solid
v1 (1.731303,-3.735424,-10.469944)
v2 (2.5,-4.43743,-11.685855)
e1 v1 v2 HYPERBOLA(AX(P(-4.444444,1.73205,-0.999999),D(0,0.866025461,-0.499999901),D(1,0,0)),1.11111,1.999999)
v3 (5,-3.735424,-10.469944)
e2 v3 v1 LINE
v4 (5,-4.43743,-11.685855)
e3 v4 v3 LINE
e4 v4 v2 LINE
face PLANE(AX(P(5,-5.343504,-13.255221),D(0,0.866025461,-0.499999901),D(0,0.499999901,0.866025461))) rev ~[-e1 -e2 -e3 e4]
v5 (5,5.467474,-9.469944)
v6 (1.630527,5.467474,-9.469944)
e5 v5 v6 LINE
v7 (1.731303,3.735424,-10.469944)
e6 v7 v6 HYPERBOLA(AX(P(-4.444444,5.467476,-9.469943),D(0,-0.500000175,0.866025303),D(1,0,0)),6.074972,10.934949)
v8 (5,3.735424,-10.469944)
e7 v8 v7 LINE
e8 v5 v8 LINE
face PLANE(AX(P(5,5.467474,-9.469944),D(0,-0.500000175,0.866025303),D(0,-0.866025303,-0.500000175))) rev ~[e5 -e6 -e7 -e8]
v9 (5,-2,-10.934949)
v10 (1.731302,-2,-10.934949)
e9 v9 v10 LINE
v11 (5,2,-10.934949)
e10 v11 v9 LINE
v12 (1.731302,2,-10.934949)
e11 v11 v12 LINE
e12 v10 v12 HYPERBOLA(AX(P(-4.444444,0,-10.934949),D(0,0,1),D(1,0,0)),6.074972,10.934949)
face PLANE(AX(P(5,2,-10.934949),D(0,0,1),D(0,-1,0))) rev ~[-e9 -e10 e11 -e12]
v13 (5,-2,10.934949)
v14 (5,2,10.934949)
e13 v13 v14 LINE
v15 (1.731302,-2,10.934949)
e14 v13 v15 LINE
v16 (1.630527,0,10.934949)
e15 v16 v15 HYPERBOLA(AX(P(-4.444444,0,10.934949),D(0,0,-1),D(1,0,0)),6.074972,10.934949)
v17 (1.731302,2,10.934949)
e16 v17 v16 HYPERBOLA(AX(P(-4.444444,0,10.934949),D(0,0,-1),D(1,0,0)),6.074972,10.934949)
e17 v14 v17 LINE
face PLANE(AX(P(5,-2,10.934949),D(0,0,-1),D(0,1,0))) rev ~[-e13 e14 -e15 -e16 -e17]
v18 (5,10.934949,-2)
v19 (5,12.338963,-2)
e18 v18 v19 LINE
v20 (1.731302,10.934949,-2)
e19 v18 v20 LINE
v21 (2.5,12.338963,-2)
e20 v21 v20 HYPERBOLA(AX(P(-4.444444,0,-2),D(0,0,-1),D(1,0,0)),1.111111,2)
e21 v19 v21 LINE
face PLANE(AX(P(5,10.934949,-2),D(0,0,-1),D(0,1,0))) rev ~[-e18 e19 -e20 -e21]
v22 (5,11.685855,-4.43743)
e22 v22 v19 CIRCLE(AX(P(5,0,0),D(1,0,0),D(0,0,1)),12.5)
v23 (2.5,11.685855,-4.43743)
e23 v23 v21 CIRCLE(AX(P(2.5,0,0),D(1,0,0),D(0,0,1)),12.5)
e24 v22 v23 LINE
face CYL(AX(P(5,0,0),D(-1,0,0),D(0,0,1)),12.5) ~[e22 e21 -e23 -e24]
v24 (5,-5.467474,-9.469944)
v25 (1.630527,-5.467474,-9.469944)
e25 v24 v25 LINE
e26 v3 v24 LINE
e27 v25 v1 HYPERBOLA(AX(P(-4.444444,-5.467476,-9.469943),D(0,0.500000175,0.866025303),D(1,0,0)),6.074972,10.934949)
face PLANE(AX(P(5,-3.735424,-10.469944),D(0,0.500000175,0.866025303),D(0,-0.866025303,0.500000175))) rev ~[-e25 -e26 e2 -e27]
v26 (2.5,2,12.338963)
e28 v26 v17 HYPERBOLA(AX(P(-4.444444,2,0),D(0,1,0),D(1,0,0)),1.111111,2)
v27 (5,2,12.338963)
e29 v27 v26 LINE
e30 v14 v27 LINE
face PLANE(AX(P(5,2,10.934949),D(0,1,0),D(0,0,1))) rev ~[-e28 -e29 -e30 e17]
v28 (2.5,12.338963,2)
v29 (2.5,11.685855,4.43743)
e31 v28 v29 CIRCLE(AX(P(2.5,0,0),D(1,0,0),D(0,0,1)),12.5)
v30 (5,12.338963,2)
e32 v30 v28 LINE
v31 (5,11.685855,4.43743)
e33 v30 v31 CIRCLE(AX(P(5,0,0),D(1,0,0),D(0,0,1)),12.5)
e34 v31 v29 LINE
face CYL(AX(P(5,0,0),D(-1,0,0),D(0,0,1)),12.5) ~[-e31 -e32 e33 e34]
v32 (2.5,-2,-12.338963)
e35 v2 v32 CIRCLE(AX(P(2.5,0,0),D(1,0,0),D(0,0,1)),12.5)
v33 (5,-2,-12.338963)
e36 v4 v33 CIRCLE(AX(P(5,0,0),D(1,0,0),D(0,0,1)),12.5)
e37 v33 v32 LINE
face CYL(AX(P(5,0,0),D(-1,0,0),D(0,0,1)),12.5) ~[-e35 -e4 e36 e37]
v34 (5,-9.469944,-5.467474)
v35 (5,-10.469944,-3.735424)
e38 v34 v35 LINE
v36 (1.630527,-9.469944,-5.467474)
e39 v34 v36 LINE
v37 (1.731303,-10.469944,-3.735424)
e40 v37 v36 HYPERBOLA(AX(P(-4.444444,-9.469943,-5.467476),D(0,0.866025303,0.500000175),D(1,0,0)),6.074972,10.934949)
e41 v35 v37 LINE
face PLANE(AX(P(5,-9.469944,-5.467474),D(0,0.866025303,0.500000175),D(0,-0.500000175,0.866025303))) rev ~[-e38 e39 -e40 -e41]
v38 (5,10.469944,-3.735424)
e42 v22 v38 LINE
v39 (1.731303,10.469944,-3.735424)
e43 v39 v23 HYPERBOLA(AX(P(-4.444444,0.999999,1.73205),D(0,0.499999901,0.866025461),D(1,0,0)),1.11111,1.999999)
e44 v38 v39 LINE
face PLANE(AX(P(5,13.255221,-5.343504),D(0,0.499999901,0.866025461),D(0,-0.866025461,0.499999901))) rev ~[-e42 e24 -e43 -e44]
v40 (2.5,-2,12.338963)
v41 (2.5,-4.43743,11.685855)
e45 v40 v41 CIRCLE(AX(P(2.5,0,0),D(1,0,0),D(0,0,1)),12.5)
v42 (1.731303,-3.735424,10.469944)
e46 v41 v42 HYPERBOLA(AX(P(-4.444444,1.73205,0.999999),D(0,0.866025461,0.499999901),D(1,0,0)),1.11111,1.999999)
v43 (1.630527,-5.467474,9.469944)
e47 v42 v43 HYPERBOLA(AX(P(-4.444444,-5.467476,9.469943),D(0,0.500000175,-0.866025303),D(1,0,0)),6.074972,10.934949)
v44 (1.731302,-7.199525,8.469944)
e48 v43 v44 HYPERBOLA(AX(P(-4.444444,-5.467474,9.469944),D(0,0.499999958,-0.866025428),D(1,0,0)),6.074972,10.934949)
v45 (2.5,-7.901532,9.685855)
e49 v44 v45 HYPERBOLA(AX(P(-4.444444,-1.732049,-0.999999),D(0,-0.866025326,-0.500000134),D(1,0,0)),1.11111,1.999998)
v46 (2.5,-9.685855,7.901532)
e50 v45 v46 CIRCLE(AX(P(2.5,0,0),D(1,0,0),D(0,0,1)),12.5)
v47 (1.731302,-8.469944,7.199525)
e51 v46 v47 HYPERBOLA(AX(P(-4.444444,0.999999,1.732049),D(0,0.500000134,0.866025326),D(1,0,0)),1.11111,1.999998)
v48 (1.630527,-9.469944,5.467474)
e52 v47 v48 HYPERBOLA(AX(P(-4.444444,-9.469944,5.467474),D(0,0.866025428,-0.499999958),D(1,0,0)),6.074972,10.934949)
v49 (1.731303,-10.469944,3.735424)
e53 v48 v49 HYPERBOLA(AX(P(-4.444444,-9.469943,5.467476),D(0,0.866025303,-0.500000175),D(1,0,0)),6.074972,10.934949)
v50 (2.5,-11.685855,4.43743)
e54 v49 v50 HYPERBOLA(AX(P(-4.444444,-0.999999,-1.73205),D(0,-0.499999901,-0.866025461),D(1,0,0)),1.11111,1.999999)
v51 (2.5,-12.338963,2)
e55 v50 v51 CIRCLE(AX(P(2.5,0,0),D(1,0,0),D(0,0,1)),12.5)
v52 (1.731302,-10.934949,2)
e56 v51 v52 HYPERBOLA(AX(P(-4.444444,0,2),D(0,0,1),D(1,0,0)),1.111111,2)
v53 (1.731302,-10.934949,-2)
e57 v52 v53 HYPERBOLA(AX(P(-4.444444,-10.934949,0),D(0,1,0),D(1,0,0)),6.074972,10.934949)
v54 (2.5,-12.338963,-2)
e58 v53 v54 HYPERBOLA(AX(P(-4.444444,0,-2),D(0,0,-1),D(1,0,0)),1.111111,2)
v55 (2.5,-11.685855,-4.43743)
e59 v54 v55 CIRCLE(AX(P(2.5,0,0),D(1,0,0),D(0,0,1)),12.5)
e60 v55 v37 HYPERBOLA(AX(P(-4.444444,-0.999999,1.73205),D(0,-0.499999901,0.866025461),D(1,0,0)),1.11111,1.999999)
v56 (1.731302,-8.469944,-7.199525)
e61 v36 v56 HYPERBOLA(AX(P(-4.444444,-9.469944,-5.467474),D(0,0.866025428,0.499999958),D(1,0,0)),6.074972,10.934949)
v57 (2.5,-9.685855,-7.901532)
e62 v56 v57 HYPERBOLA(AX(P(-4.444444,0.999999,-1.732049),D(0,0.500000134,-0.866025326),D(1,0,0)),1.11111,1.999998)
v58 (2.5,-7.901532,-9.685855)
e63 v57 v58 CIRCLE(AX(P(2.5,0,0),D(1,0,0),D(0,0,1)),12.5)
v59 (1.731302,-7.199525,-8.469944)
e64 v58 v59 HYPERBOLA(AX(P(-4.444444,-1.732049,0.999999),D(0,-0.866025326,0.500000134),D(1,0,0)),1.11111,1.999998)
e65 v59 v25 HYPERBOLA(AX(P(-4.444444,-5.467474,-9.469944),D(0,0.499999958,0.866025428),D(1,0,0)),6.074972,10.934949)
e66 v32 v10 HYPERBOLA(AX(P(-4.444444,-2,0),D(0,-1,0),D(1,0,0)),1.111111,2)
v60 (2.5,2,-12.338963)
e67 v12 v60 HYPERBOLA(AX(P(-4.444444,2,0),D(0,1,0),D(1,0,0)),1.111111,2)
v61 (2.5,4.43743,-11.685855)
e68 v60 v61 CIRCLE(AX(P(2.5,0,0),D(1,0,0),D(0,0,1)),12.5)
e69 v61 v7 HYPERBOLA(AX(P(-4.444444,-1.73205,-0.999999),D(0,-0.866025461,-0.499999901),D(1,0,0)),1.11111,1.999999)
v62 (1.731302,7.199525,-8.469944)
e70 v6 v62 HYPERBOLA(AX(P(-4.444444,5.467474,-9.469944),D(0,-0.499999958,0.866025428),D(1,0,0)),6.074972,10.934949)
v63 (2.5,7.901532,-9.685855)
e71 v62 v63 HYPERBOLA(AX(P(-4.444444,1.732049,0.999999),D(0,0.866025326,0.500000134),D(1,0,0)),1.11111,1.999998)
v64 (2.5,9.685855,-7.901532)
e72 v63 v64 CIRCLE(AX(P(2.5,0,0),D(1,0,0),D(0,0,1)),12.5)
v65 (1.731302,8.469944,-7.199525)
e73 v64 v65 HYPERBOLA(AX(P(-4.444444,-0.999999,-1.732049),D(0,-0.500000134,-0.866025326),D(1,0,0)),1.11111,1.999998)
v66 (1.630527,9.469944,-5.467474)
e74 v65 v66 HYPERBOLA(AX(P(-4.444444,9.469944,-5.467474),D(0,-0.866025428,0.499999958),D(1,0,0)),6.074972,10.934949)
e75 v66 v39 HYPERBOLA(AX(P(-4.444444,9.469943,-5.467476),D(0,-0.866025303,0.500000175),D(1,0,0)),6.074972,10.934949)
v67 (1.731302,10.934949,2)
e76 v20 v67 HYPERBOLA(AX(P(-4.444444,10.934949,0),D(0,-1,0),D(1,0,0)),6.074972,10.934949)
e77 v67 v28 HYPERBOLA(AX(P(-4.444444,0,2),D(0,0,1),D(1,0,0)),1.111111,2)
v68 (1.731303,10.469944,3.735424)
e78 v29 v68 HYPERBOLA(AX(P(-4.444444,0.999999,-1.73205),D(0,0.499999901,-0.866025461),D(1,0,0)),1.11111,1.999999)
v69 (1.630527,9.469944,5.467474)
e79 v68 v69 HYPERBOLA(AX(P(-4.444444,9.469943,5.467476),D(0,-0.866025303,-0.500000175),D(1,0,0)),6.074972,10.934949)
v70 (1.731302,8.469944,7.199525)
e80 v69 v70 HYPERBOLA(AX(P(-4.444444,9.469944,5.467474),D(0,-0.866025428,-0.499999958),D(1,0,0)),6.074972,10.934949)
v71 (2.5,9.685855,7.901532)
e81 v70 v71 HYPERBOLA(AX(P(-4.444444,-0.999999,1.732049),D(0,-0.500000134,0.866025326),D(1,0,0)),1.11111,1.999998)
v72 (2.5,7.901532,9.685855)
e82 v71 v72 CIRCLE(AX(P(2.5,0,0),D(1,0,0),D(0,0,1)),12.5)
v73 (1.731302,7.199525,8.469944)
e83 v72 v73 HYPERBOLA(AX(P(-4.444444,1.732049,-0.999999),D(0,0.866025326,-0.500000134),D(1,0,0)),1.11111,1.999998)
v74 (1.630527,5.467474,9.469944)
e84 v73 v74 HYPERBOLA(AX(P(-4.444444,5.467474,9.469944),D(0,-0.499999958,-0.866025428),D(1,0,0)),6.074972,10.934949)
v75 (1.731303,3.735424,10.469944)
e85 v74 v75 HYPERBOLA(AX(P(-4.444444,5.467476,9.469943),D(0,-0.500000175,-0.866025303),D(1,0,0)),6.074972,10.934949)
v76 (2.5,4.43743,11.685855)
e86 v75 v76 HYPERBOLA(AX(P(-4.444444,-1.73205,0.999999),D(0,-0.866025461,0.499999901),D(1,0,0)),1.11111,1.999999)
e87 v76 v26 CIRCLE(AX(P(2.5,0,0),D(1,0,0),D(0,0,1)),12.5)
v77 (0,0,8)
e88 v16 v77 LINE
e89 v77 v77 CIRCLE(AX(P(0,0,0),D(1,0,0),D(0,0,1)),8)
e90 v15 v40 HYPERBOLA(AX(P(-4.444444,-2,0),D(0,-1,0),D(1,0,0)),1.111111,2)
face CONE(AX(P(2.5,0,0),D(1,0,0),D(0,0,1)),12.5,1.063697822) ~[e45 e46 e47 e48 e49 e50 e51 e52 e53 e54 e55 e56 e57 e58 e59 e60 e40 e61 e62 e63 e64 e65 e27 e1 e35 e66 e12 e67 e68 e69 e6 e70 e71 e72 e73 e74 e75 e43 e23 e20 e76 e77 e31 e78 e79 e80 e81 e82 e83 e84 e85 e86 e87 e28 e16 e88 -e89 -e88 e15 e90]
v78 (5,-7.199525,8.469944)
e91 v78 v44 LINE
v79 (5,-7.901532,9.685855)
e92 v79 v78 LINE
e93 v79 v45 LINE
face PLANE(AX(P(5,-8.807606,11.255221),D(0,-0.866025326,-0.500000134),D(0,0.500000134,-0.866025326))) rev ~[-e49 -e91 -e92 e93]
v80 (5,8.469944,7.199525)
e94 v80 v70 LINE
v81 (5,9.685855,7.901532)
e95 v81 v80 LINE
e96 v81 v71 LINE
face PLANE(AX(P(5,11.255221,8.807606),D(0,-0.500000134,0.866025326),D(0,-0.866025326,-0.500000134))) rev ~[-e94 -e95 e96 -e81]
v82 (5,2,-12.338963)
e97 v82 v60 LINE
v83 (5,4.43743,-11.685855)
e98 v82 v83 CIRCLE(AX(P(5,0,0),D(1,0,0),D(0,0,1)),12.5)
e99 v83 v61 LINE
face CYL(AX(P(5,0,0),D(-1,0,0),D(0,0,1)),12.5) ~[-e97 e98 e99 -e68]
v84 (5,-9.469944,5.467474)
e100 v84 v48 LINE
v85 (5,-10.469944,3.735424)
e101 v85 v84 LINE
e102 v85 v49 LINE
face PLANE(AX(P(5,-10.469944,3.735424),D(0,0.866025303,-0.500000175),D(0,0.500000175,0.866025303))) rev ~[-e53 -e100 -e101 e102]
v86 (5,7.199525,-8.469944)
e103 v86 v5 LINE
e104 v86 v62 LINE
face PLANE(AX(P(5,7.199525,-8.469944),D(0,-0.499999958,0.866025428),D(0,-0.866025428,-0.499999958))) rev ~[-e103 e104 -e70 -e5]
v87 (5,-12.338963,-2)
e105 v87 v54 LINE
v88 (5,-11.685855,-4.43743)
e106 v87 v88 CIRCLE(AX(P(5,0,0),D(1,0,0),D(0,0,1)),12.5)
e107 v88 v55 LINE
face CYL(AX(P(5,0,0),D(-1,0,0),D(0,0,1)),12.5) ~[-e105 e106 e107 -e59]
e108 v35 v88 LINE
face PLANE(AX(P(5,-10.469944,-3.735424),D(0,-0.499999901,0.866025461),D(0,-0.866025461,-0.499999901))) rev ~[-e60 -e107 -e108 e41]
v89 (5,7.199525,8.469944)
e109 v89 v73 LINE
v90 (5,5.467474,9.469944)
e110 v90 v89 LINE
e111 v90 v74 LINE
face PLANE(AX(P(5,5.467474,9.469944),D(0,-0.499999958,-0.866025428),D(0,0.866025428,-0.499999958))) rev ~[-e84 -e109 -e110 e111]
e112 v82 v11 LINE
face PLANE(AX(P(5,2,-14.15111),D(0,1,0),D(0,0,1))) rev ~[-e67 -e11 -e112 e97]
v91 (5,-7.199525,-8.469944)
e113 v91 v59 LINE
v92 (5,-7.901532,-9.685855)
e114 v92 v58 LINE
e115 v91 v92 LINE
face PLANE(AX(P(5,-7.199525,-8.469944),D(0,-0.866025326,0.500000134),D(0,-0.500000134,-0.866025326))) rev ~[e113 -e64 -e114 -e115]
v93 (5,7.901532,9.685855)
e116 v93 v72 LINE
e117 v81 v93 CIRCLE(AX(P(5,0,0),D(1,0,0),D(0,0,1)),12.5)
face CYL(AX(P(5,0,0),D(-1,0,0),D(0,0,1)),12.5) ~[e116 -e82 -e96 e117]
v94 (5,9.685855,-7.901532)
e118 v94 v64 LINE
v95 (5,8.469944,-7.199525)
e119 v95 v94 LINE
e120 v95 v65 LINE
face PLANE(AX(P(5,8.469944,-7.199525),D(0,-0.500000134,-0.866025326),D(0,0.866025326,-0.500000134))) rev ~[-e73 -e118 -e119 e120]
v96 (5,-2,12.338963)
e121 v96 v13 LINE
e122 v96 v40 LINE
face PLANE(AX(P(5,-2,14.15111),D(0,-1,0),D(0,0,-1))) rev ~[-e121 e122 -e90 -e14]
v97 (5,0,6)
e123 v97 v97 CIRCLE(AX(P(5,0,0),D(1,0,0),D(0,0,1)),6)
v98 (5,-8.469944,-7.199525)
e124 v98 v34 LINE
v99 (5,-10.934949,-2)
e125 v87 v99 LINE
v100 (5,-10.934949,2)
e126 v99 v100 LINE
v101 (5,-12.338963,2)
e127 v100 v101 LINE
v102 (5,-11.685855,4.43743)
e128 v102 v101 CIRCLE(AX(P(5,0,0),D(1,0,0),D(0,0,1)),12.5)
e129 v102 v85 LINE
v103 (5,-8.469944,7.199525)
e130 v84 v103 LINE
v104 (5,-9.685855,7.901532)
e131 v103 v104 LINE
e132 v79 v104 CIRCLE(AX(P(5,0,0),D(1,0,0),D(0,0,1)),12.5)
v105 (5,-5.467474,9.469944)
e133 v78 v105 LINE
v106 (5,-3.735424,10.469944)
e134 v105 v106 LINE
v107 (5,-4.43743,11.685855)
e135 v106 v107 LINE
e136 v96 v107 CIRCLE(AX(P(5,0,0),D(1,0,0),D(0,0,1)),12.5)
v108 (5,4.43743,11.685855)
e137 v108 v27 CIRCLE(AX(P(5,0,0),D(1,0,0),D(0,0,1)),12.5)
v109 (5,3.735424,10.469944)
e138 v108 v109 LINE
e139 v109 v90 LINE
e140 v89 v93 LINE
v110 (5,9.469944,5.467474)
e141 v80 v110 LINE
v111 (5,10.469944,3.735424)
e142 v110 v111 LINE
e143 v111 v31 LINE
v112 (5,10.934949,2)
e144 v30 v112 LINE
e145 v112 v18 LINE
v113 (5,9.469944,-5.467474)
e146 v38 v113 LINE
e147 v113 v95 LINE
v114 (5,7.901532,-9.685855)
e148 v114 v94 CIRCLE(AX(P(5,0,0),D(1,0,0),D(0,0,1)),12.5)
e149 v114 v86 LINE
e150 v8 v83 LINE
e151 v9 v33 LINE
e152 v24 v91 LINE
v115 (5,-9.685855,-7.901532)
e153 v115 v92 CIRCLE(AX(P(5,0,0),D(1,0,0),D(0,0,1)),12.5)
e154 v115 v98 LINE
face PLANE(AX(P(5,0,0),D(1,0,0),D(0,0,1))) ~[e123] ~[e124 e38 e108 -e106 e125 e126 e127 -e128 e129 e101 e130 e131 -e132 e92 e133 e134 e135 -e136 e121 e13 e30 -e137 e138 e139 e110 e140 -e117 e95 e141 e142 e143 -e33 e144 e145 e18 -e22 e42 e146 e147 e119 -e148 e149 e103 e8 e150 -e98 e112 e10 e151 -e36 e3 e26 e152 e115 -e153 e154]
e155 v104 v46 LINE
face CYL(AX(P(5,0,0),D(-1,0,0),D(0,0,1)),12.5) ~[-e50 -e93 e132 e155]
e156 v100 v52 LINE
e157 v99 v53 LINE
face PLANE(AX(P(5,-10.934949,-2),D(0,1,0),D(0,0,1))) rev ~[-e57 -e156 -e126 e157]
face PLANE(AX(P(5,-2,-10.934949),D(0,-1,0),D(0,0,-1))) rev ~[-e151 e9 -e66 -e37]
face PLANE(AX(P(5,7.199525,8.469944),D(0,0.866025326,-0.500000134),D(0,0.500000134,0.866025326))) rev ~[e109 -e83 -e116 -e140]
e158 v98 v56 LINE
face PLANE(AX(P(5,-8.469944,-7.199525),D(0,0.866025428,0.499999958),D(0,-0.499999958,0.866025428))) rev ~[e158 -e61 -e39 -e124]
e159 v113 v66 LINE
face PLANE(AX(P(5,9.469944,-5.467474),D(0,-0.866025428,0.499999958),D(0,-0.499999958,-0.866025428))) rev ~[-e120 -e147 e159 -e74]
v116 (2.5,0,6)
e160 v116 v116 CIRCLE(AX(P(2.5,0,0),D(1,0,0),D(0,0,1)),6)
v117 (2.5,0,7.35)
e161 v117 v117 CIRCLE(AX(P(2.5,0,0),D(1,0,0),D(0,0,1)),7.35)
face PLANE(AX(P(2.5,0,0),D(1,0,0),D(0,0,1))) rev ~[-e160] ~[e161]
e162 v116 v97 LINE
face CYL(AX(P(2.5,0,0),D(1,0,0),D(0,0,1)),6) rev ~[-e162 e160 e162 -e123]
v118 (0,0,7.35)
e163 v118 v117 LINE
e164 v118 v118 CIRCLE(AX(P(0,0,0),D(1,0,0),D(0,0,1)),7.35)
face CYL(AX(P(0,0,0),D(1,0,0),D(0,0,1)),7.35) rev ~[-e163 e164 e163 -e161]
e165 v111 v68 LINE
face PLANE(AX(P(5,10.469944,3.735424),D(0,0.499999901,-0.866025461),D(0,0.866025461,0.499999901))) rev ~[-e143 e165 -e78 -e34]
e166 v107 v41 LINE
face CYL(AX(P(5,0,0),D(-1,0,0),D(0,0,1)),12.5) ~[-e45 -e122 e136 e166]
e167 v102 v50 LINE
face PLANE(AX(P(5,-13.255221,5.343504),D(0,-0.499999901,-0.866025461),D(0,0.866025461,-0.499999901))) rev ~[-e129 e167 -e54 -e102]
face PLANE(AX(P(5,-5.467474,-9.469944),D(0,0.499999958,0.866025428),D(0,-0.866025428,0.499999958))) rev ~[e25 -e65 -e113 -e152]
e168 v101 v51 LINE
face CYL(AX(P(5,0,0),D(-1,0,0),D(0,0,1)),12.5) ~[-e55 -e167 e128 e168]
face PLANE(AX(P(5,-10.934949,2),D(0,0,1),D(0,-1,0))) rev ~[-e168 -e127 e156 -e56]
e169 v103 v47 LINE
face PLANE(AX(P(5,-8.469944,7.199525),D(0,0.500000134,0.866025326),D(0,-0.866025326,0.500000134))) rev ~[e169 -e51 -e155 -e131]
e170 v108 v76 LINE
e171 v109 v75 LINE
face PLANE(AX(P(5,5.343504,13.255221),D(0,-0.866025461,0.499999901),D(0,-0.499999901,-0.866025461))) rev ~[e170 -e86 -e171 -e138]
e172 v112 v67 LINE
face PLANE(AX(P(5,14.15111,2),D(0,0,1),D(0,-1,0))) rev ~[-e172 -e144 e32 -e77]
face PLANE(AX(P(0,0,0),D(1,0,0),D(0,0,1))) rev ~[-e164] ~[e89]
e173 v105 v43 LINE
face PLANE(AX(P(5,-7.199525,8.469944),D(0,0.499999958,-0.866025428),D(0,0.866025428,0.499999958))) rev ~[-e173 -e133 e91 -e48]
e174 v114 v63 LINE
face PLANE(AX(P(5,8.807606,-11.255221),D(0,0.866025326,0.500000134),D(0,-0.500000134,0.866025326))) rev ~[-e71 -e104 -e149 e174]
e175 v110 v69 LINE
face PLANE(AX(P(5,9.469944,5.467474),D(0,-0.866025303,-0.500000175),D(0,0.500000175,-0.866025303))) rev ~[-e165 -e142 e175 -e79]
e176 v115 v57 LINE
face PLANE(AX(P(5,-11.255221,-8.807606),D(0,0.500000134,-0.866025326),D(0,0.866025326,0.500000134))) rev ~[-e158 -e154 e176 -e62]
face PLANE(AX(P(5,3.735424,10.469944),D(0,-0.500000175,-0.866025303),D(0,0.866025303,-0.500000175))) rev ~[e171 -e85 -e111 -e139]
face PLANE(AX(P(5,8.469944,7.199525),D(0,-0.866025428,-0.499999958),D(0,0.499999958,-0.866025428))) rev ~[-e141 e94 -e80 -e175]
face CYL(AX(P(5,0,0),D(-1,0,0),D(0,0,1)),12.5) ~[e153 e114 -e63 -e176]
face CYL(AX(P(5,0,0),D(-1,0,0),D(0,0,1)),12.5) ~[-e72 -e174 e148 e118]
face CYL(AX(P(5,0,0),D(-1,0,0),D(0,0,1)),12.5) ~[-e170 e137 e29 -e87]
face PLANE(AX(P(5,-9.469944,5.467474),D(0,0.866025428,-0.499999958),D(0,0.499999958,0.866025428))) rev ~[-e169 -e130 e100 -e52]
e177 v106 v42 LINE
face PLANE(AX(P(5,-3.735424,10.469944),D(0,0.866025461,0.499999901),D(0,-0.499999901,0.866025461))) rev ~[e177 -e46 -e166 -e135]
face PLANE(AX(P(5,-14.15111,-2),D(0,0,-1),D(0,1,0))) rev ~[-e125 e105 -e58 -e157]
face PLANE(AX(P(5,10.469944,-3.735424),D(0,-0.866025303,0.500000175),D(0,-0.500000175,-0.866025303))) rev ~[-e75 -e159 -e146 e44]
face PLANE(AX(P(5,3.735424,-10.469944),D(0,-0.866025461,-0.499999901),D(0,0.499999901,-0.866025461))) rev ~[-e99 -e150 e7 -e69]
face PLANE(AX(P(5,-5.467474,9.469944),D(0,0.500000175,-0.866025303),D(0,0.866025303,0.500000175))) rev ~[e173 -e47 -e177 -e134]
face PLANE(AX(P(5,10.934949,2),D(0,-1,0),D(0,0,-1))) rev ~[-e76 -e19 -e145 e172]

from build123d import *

# Parameters (mm, degrees)
F3_DEPTH = 25


with BuildPart() as f1:
    # F0 (on Front) → F1 (revolve)
    with BuildSketch(Plane.XZ):
        Polygon((2.5, 12.5), (0, 8), (0, 7.35), (2.5, 7.35), (2.5, 6), (5, 6), (5, 12.5), align=None)
    revolve(axis=Axis((2.5, 0, 0), (1, 0, 0)))

    # F2 (on face) → F3 (cut)
    with BuildSketch(Plane.YZ.offset(5)):
        Polygon((-2, 10.934949), (0, 10.934949), (2, 10.934949), (2, 14.15111), (-2, 14.15111), align=None)
        Polygon((-8.807606, 11.255221), (-7.199525, 8.469944), (-5.467474, 9.469944), (-3.735424, 10.469944), (-5.343504, 13.255221), align=None)
        Polygon((-13.255221, 5.343504), (-10.469944, 3.735424), (-9.469944, 5.467474), (-8.469944, 7.199525), (-11.255221, 8.807606), align=None)
        Polygon((-14.15111, -2), (-10.934949, -2), (-10.934949, 0), (-10.934949, 2), (-14.15111, 2), align=None)
        Polygon((-11.255221, -8.807606), (-8.469944, -7.199525), (-9.469944, -5.467474), (-10.469944, -3.735424), (-13.255221, -5.343504), align=None)
        Polygon((-5.343504, -13.255221), (-3.735424, -10.469944), (-5.467474, -9.469944), (-7.199525, -8.469944), (-8.807606, -11.255221), align=None)
        Polygon((2, -14.15111), (2, -10.934949), (0, -10.934949), (-2, -10.934949), (-2, -14.15111), align=None)
        Polygon((8.807606, -11.255221), (7.199525, -8.469944), (5.467474, -9.469944), (3.735424, -10.469944), (5.343504, -13.255221), align=None)
        Polygon((13.255221, -5.343504), (10.469944, -3.735424), (9.469944, -5.467474), (8.469944, -7.199525), (11.255221, -8.807606), align=None)
        Polygon((14.15111, 2), (10.934949, 2), (10.934949, 0), (10.934949, -2), (14.15111, -2), align=None)
        Polygon((11.255221, 8.807606), (8.469944, 7.199525), (9.469944, 5.467474), (10.469944, 3.735424), (13.255221, 5.343504), align=None)
        Polygon((5.343504, 13.255221), (3.735424, 10.469944), (5.467474, 9.469944), (7.199525, 8.469944), (8.807606, 11.255221), align=None)
    extrude(amount=-F3_DEPTH, mode=Mode.SUBTRACT)


solid = f1.part
